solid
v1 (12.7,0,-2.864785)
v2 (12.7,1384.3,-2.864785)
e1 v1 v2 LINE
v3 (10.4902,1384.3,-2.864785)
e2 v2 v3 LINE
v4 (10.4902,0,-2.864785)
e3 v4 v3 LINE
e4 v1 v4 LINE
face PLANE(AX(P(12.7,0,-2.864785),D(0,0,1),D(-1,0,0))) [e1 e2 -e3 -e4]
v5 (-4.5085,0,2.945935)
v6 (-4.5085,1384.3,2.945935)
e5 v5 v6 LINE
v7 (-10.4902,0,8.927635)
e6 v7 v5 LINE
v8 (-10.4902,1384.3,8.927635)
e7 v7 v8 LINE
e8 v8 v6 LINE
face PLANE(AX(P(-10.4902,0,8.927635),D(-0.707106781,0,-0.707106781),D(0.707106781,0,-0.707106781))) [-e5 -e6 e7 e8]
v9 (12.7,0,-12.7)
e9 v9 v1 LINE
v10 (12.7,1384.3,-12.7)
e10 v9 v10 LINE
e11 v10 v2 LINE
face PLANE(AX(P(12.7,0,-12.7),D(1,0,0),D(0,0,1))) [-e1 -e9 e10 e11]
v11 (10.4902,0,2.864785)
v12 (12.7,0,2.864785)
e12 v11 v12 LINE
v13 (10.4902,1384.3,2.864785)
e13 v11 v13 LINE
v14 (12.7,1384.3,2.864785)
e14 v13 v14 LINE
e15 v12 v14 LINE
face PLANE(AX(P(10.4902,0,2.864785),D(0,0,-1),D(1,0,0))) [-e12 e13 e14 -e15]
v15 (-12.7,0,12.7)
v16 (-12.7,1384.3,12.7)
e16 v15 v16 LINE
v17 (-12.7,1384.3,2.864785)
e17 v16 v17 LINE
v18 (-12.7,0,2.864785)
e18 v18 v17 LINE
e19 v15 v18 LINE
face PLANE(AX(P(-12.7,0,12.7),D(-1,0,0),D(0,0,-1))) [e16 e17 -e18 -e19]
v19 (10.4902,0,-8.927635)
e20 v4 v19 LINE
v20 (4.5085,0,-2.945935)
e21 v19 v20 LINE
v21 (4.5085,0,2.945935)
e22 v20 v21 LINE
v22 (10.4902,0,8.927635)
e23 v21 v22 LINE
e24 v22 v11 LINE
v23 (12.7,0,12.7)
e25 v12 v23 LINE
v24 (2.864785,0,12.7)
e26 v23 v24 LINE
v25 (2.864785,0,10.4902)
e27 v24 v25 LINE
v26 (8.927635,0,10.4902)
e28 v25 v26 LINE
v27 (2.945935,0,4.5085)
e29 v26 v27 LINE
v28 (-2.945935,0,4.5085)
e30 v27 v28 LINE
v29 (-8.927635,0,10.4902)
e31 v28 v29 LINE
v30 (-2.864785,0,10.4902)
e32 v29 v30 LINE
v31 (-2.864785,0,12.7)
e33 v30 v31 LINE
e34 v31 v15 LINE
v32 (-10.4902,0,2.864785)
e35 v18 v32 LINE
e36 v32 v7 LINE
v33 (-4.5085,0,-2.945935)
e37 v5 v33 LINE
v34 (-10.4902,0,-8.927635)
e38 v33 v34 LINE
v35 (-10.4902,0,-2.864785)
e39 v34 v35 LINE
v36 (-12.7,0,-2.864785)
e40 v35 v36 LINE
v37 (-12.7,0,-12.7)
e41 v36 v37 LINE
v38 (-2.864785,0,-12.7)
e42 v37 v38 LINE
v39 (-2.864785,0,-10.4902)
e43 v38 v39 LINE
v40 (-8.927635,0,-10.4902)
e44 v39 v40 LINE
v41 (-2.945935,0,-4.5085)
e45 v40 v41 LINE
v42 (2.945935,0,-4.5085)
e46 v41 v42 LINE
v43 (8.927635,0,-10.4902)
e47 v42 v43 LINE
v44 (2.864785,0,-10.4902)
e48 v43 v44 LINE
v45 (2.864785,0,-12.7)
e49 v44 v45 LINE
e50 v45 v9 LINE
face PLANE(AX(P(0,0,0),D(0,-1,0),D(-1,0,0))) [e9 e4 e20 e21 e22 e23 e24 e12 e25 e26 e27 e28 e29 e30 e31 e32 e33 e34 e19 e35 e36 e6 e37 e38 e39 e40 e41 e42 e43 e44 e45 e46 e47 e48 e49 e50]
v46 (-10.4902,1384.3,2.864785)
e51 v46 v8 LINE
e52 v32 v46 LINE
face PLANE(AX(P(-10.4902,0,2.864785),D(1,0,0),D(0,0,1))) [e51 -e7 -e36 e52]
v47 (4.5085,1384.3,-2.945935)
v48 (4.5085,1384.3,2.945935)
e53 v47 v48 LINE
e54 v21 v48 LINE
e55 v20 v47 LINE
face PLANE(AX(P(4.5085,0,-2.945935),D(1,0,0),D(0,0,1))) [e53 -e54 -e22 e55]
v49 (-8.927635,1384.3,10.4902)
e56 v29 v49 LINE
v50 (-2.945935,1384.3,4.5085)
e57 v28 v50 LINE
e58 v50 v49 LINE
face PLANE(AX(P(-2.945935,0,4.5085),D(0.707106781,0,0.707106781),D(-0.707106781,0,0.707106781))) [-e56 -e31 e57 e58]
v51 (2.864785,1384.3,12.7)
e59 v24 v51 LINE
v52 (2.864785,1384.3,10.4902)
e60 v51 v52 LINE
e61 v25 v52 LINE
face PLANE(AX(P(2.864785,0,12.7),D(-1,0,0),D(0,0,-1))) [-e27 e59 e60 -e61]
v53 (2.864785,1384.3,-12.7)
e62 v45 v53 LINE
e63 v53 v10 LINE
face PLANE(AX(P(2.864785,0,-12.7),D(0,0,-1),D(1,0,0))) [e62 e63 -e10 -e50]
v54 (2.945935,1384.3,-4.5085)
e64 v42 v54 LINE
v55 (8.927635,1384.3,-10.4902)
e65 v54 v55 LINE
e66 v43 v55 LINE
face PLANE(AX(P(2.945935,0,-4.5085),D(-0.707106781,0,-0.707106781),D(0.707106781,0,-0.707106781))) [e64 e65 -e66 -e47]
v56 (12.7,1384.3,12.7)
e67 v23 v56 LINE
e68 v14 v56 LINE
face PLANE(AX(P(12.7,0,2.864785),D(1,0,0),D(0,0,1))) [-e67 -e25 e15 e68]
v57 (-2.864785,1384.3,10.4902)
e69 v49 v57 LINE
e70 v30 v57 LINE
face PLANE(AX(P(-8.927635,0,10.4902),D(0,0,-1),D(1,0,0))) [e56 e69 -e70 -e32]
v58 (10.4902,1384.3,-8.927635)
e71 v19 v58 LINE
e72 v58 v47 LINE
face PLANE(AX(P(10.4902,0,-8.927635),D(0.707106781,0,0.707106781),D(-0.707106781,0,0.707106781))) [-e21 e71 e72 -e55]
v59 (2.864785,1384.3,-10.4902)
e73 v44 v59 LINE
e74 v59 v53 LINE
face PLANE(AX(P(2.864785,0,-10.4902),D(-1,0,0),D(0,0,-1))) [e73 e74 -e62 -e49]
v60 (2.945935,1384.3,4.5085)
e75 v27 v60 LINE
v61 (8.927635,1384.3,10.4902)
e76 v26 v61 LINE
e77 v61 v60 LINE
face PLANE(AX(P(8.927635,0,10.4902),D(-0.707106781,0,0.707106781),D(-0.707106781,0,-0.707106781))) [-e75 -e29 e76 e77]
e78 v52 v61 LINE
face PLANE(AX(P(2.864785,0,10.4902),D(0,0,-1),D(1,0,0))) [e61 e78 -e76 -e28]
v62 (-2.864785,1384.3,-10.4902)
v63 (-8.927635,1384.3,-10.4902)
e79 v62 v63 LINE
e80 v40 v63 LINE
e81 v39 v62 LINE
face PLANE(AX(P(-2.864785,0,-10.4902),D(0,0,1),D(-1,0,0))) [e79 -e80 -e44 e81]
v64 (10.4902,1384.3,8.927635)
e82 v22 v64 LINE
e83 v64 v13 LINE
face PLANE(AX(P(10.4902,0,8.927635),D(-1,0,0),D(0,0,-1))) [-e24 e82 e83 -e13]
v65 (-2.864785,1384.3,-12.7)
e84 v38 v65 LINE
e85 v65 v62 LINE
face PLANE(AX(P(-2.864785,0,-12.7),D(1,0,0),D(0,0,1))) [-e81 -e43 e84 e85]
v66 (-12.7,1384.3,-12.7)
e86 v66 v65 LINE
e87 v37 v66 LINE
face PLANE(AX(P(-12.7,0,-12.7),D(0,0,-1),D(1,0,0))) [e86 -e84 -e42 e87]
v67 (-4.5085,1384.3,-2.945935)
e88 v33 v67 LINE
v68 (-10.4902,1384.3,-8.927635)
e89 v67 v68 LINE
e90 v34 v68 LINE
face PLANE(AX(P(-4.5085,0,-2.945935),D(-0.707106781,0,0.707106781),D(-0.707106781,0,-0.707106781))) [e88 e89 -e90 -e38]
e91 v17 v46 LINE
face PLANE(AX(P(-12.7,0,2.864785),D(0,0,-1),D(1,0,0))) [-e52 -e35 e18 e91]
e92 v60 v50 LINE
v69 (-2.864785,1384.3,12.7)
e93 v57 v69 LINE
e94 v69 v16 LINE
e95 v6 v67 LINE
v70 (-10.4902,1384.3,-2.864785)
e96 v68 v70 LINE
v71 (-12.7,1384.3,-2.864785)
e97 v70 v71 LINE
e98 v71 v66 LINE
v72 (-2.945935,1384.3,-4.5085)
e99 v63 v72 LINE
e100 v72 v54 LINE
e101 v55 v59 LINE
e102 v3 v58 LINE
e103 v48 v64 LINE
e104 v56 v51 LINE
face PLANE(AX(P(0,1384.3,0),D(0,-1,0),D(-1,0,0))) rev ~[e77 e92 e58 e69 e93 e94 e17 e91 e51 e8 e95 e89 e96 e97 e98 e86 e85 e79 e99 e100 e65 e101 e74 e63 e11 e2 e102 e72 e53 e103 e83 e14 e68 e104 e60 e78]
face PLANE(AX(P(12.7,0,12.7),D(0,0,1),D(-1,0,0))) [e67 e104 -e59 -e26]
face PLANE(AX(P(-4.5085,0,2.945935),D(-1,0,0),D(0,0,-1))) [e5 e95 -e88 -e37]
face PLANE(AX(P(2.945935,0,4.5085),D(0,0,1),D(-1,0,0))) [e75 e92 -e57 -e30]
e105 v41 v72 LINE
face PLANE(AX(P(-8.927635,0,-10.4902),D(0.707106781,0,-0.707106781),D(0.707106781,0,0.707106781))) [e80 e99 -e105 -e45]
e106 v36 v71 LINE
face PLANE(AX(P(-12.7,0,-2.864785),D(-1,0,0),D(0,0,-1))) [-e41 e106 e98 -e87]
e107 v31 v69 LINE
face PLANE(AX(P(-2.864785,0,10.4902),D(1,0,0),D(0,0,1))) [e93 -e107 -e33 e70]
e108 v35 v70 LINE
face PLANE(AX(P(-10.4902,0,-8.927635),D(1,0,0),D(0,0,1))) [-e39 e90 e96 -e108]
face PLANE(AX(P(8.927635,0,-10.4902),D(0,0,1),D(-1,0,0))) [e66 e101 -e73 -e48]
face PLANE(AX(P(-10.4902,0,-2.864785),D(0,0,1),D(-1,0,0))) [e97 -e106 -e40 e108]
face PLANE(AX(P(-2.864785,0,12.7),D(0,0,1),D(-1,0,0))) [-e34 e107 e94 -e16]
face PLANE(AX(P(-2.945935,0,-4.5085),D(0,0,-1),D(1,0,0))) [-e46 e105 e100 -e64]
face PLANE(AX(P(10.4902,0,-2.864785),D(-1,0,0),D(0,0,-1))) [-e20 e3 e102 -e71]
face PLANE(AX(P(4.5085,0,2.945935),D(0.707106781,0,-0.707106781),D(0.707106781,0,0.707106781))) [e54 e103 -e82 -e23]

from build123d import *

# Parameters (mm, degrees)
BOSS_EXTRUDE1_DEPTH = 1384.3


with BuildPart() as part:
    # Sketch1 → Boss-Extrude1 (new body)
    with BuildSketch(Plane(origin=(11.365010382, 0, 9.846206226), x_dir=(1, 0, 0), z_dir=(0, 1, 0))):
        Polygon((-24.065010382, 22.546206226), (-14.229795365, 22.546206226), (-14.229795365, 20.336406226), (-20.292645817, 20.336406226), (-14.310945817, 14.354706226), (-8.419074947, 14.354706226), (-2.437374947, 20.336406226), (-8.5002254, 20.336406226), (-8.5002254, 22.546206226), (1.334989618, 22.546206226), (1.334989618, 12.710991208), (-0.874810382, 12.710991208), (-0.874810382, 18.773841661), (-6.856510382, 12.792141661), (-6.856510382, 6.900270791), (-0.874810382, 0.918570791), (-0.874810382, 6.981421243), (1.334989618, 6.981421243), (1.334989618, -2.853793774), (-8.5002254, -2.853793774), (-8.5002254, -0.643993774), (-2.437374947, -0.643993774), (-8.419074947, 5.337706226), (-14.310945817, 5.337706226), (-20.292645817, -0.643993774), (-14.229795365, -0.643993774), (-14.229795365, -2.853793774), (-24.065010382, -2.853793774), (-24.065010382, 6.981421243), (-21.855210382, 6.981421243), (-21.855210382, 0.918570791), (-15.873510382, 6.900270791), (-15.873510382, 12.792141661), (-21.855210382, 18.773841661), (-21.855210382, 12.710991208), (-24.065010382, 12.710991208), align=None)
    extrude(amount=BOSS_EXTRUDE1_DEPTH)


solid = part.part
